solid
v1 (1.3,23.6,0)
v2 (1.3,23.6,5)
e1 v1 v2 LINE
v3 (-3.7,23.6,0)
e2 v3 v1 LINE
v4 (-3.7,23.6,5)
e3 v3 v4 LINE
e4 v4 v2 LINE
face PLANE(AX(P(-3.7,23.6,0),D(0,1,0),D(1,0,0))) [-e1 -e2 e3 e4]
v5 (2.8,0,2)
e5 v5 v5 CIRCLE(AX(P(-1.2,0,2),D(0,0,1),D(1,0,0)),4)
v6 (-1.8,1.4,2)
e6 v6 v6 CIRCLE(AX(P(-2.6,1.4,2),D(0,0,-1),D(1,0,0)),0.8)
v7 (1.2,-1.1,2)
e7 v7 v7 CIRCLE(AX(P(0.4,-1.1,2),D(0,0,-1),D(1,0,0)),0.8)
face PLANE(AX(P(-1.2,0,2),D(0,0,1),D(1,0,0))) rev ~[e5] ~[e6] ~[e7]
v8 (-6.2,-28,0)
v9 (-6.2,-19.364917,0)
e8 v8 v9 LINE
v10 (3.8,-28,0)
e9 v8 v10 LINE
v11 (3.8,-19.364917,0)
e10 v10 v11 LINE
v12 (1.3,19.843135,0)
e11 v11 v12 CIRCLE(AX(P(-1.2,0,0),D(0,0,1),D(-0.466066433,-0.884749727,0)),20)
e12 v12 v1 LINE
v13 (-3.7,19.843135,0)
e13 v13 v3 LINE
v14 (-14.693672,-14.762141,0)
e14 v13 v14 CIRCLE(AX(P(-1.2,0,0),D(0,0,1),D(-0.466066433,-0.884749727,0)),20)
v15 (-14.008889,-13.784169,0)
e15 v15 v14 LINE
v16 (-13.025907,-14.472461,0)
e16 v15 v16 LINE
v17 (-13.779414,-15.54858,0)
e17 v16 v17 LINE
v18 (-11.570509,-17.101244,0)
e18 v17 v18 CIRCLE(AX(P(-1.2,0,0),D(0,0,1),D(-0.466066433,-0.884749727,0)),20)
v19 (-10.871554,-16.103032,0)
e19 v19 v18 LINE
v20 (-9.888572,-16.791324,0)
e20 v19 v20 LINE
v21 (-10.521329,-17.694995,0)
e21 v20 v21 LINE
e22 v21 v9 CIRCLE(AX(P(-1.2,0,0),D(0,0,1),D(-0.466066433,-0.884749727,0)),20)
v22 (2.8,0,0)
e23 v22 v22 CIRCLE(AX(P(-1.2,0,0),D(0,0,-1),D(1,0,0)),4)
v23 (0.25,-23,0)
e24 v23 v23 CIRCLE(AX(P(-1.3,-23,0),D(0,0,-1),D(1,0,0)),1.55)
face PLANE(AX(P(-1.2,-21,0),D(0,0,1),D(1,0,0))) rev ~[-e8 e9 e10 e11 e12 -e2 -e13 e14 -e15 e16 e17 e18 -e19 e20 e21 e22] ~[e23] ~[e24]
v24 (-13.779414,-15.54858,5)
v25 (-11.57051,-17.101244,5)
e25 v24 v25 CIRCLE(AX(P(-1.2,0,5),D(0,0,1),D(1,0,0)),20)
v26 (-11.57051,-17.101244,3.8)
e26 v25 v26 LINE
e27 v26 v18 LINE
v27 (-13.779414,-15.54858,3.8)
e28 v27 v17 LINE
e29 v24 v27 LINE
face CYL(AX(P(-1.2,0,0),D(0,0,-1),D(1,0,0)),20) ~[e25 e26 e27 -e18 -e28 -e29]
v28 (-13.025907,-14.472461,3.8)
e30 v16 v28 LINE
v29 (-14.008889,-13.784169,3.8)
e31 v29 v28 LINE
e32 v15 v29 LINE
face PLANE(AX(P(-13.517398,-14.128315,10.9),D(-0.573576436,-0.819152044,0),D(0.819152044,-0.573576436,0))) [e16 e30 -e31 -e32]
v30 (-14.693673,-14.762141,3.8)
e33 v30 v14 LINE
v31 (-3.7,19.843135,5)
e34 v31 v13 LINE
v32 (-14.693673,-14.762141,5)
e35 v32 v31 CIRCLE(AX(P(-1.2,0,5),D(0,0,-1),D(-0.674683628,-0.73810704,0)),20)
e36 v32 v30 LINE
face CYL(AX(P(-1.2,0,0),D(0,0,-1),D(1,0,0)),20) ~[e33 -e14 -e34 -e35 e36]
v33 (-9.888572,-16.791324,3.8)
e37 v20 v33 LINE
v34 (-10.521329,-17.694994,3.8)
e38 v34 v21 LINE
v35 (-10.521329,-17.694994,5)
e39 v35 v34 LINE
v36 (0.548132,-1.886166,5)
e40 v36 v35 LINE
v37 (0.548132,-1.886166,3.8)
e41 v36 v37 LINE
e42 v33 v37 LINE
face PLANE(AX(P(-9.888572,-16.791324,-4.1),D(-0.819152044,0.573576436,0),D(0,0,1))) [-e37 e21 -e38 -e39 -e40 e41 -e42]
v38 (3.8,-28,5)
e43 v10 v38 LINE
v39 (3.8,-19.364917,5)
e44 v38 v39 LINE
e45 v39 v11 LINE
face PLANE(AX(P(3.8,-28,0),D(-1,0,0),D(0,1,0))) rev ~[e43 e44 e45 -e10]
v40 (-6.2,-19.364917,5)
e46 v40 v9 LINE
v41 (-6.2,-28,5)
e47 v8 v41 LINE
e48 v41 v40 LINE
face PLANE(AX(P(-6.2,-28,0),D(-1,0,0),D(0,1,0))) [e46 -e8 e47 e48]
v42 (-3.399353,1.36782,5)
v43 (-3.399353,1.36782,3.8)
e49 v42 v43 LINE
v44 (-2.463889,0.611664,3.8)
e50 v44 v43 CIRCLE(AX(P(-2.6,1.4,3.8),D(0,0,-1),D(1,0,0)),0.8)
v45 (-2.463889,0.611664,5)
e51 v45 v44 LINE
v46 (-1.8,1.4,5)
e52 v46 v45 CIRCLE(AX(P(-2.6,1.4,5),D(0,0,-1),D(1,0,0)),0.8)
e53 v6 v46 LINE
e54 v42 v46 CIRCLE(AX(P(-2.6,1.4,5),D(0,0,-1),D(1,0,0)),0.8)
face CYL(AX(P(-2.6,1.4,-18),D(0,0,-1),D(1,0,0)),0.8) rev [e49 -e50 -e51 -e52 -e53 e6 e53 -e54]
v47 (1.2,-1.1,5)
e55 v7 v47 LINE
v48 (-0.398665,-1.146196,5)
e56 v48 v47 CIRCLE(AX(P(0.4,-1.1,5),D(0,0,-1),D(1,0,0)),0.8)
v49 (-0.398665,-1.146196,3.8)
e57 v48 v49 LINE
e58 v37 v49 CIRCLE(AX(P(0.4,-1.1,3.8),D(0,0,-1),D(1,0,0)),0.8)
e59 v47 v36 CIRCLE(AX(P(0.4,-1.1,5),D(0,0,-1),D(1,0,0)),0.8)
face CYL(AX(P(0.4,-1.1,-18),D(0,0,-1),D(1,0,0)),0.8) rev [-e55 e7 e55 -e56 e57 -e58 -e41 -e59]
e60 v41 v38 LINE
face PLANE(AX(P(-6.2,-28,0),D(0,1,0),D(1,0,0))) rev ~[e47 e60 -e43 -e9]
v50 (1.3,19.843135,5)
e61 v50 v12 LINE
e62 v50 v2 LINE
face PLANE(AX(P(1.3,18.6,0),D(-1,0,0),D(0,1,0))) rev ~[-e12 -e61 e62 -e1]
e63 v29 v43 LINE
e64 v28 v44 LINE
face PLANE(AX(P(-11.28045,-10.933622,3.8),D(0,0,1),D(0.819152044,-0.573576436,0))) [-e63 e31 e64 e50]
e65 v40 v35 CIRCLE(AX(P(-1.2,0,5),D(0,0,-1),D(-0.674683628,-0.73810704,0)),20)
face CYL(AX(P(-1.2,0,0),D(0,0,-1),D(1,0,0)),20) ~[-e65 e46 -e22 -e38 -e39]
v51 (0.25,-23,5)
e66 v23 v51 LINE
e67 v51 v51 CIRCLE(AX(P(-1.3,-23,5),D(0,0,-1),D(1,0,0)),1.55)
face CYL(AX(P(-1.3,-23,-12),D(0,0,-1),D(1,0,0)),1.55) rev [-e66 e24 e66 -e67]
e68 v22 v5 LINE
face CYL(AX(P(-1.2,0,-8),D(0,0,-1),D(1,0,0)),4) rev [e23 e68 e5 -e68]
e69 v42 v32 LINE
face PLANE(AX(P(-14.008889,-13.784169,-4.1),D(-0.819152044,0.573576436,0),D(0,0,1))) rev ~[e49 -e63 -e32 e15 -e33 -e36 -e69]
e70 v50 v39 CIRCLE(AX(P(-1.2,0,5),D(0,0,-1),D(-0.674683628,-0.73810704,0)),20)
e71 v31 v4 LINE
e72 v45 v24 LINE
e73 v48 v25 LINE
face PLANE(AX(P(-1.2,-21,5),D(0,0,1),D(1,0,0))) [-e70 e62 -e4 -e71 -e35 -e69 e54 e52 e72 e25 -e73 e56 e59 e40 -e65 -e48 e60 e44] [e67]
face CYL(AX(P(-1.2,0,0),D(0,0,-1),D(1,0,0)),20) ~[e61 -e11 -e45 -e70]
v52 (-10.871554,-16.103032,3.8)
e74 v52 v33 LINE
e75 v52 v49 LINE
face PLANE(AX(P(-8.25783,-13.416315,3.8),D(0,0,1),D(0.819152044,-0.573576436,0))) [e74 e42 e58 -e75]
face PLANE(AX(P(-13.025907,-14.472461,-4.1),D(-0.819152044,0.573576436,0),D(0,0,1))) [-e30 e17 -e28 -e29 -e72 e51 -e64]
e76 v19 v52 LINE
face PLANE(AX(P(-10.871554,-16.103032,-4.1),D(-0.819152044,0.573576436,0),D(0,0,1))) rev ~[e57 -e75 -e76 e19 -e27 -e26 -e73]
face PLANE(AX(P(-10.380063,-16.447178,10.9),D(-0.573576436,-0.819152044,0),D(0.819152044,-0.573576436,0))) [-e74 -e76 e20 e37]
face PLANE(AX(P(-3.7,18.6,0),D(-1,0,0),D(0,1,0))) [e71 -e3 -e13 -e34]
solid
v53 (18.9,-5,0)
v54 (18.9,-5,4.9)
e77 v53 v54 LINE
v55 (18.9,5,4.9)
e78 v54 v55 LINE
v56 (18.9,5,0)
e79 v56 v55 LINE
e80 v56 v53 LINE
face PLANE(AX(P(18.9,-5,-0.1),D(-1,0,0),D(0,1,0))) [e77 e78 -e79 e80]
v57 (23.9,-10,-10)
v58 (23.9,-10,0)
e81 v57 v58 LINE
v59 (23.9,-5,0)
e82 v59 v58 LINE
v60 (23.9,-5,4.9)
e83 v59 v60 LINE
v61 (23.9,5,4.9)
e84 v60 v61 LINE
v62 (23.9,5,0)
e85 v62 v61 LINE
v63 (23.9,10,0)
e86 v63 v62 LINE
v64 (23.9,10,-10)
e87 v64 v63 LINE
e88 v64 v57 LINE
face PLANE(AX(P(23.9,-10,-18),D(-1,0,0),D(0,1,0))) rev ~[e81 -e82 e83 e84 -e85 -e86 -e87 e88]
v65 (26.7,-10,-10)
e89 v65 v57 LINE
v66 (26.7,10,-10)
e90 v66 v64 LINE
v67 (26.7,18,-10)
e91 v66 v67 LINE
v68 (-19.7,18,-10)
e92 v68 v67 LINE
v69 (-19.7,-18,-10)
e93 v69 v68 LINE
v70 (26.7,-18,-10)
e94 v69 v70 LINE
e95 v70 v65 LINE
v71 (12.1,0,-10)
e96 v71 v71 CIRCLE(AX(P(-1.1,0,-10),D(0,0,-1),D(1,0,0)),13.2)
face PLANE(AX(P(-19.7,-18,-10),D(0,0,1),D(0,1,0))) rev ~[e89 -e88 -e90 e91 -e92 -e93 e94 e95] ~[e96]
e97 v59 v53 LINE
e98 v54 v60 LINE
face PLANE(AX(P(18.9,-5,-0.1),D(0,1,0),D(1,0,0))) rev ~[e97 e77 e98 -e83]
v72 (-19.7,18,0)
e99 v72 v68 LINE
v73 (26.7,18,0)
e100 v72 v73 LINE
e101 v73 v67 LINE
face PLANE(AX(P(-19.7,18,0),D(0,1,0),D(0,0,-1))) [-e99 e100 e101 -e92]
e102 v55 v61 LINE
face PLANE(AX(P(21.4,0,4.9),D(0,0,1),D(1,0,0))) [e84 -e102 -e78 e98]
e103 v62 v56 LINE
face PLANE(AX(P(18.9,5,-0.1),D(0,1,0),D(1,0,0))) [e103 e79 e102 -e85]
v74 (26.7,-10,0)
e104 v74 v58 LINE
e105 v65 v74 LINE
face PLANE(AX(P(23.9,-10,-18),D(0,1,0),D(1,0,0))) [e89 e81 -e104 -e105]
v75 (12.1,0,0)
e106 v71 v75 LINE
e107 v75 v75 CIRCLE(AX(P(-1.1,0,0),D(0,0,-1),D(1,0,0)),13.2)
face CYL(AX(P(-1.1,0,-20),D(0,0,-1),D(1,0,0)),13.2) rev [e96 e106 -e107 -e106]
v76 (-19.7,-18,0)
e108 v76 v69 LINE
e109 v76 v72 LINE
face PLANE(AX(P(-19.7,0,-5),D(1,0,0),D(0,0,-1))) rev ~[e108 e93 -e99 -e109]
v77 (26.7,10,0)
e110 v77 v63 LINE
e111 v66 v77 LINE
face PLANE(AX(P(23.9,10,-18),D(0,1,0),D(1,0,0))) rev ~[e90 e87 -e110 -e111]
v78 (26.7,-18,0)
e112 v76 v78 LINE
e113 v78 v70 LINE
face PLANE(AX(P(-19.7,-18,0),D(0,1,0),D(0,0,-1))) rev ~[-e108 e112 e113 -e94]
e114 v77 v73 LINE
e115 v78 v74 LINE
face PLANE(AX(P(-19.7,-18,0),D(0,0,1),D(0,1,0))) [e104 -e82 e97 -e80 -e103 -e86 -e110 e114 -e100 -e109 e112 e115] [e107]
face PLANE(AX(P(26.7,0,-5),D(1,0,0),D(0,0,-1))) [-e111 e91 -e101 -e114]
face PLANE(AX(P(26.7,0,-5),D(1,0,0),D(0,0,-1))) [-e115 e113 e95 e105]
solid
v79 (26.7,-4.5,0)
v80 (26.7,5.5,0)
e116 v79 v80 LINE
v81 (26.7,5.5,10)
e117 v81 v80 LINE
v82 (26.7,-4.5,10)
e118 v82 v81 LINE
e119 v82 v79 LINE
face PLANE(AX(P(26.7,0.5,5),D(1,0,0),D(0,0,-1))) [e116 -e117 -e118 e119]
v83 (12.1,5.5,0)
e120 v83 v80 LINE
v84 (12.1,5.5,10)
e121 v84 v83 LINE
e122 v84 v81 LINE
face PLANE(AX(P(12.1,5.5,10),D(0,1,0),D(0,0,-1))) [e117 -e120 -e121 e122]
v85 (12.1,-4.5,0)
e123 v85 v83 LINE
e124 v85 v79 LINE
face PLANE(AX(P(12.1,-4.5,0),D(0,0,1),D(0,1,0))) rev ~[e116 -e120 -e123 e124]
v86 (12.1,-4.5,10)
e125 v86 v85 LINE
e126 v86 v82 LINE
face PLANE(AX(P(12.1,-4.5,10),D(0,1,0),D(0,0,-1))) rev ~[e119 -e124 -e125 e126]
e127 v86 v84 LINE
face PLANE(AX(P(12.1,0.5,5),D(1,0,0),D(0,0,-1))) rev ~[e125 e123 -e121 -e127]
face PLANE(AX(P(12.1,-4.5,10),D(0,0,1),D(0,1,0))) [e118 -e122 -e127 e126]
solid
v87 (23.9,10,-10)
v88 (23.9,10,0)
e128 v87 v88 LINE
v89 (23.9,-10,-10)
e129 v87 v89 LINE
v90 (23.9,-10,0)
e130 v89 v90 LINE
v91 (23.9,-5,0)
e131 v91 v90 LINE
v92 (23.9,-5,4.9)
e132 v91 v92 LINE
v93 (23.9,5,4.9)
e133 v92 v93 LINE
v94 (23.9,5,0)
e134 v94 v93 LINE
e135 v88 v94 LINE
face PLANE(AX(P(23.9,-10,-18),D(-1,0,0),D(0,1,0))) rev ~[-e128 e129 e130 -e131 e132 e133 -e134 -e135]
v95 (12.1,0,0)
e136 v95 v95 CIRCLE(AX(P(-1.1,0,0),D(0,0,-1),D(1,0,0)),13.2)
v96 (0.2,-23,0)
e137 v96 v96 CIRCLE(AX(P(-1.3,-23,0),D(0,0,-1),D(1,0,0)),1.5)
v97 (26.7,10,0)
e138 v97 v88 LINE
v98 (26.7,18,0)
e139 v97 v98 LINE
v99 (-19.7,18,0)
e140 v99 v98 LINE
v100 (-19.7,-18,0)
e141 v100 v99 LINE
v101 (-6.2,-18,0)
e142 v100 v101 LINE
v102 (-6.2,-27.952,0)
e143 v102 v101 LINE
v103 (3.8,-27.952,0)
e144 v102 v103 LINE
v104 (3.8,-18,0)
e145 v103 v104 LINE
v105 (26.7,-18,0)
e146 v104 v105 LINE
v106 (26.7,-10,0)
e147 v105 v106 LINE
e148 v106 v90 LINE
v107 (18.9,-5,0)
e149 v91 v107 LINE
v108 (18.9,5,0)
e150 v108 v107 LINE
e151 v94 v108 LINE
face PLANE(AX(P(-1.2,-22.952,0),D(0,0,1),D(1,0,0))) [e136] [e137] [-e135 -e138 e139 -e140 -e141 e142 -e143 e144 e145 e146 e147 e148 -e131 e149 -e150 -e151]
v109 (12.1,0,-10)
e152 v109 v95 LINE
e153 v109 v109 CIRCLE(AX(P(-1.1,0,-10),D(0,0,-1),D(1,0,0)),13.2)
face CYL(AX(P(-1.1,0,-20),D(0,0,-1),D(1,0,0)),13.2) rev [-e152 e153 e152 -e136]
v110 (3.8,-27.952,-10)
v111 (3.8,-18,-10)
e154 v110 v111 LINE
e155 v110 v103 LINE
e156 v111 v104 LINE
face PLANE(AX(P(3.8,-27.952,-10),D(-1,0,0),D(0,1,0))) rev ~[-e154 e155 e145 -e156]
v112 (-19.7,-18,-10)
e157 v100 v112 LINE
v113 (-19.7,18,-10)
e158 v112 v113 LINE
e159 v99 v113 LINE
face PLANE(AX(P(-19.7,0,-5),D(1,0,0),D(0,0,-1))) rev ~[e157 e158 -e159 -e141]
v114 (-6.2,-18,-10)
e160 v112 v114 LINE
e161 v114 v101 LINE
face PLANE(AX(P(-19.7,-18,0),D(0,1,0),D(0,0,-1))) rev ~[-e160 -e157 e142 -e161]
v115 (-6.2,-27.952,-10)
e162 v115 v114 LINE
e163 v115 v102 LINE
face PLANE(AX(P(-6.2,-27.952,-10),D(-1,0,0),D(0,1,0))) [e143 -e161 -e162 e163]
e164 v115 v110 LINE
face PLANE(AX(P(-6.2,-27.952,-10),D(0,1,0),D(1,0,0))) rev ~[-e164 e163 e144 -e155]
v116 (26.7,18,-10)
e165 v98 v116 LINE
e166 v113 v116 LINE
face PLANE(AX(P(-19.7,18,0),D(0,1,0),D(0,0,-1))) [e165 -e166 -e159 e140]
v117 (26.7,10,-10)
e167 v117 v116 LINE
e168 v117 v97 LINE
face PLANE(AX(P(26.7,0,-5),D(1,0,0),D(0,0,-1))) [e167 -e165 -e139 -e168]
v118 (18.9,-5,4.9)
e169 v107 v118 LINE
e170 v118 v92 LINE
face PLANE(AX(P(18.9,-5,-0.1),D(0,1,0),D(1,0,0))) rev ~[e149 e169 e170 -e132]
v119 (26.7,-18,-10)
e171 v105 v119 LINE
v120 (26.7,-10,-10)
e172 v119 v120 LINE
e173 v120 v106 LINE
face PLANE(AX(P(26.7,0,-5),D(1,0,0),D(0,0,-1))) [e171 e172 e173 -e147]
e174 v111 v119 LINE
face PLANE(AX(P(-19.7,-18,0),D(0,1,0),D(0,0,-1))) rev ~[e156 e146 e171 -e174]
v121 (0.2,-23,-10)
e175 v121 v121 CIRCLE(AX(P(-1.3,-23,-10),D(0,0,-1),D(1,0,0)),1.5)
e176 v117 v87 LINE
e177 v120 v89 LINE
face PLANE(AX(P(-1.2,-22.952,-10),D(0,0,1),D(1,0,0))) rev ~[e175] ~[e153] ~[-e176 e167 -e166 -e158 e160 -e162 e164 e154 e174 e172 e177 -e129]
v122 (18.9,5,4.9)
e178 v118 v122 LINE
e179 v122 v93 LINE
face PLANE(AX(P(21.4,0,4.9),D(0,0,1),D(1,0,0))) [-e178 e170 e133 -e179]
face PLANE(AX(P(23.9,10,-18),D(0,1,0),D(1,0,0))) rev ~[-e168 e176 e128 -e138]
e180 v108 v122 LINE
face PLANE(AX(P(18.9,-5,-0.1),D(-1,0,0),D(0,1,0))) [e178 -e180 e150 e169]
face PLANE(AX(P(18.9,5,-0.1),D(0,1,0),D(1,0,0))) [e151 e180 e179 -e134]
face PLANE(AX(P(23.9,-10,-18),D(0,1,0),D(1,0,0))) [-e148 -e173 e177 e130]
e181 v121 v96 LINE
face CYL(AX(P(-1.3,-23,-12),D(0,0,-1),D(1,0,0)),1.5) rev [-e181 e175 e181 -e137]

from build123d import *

# Parameters (mm, degrees)
BOX001_W               = 10
BOX001_H               = 10
BOX001_DEPTH           = 14.6
BOX004_W               = 5
BOX004_H               = 10
BOX004_DEPTH           = 5
BOX005_W               = 10
BOX005_H               = 20
BOX005_DEPTH           = 20
CYLINDER_R             = 13.2
CYLINDER_DEPTH         = 40
BOX_W                  = 10
BOX_H                  = 36
BOX_DEPTH              = 46.4
BOX006_W               = 5
BOX006_H               = 5
BOX006_DEPTH           = 5
CYLINDER003_R          = 1.55
CYLINDER003_DEPTH      = 50
BOX003_W               = 10
BOX003_H               = 14
BOX003_DEPTH           = 5
BOX010_W               = 1.2
BOX010_H               = 30
BOX010_DEPTH           = 10
BOX010_ROLL_ANGLE      = 90
BOX010_PLACEMENT_ANGLE = -35
BOX009_W               = 1.2
BOX009_H               = 30
BOX009_DEPTH           = 10
BOX009_ROLL_ANGLE      = 90
BOX009_PLACEMENT_ANGLE = -35
BOX008_W               = 1.2
BOX008_H               = 30
BOX008_DEPTH           = 10
BOX008_PLACEMENT_ANGLE = 325
BOX007_W               = 1.2
BOX007_H               = 30
BOX007_DEPTH           = 10
BOX007_PLACEMENT_ANGLE = 325
CYLINDER006_R          = 0.8
CYLINDER006_DEPTH      = 30
CYLINDER005_R          = 0.8
CYLINDER005_DEPTH      = 30
CYLINDER004_R          = 4
CYLINDER004_DEPTH      = 10
CYLINDER002_R          = 20
CYLINDER002_DEPTH      = 5
CYLINDER001_R          = 1.5
CYLINDER001_DEPTH      = 30
BOX002_W               = 10
BOX002_H               = 10
BOX002_DEPTH           = 10


with BuildPart() as cube001:
    # Box001 → Box001 (new body)
    with BuildSketch(Plane(origin=(12.1, -4.5, 10), x_dir=(0, 0, -1), z_dir=(1, 0, 0))):
        with Locations((5, 5)):
            Rectangle(BOX001_W, BOX001_H)
    extrude(amount=BOX001_DEPTH)


with BuildPart() as swivelstop:
    # Box004 → Box004 (new body)
    with BuildSketch(Plane(origin=(18.9, -5, -0.1), x_dir=(1, 0, 0), z_dir=(0, 0, 1))):
        with Locations((2.5, 5)):
            Rectangle(BOX004_W, BOX004_H)
    extrude(amount=BOX004_DEPTH)


with BuildPart() as footcutout:
    # Box005 → Box005 (new body)
    with BuildSketch(Plane(origin=(23.9, -10, -18), x_dir=(1, 0, 0), z_dir=(0, 0, 1))):
        with Locations((5, 10)):
            Rectangle(BOX005_W, BOX005_H)
    extrude(amount=BOX005_DEPTH)


with BuildPart() as cardboardbarrelholder:
    # Cylinder → Cylinder (new body)
    with BuildSketch(Plane(origin=(-1.1, 0, -20), x_dir=(1, 0, 0), z_dir=(0, 0, 1))):
        Circle(CYLINDER_R)
    extrude(amount=CYLINDER_DEPTH)


with BuildPart() as mainpiece1:
    # Box → Box (new body)
    with BuildSketch(Plane(origin=(-19.7, -18, 0), x_dir=(0, 0, -1), z_dir=(1, 0, 0))):
        with Locations((5, 18)):
            Rectangle(BOX_W, BOX_H)
    extrude(amount=BOX_DEPTH)

    # Cut: cut cardboardBarrelHolder
    add(cardboardbarrelholder.part, mode=Mode.SUBTRACT)

    # Cut001: cut footCutout
    add(footcutout.part, mode=Mode.SUBTRACT)


with BuildPart() as don_tusemainpiece3:
    # Fusion002 base: copy of mainPiece1
    add(mainpiece1.part)

    # Fusion002: union swivelStop
    add(swivelstop.part)


with BuildPart() as shuttermovetab:
    # Box006 → Box006 (new body)
    with BuildSketch(Plane(origin=(-3.7, 18.6, 0), x_dir=(1, 0, 0), z_dir=(0, 0, 1))):
        with Locations((2.5, 2.5)):
            Rectangle(BOX006_W, BOX006_H)
    extrude(amount=BOX006_DEPTH)


with BuildPart() as shuttertabhole:
    # Cylinder003 → Cylinder003 (new body)
    with BuildSketch(Plane(origin=(-1.3, -23, -12), x_dir=(1, 0, 0), z_dir=(0, 0, 1))):
        Circle(CYLINDER003_R)
    extrude(amount=CYLINDER003_DEPTH)


with BuildPart() as shutterhingetab001:
    # Box003 → Box003 (new body)
    with BuildSketch(Plane(origin=(-6.2, -28, 0), x_dir=(1, 0, 0), z_dir=(0, 0, 1))):
        with Locations((5, 7)):
            Rectangle(BOX003_W, BOX003_H)
    extrude(amount=BOX003_DEPTH)

    # Cut009: cut shutterTabHole
    add(shuttertabhole.part, mode=Mode.SUBTRACT)


with BuildPart() as radialtransit4:
    # Box010 → Box010 (new body)
    with BuildSketch(Plane.XY):
        with Locations((0.6, 15)):
            Rectangle(BOX010_W, BOX010_H)
    extrude(amount=BOX010_DEPTH)


with BuildPart() as radialtransit4_1:
    # Box010 roll: moved
    add(radialtransit4.part.rotate(Axis((0, 0, 0), (1, 0, 0)), BOX010_ROLL_ANGLE))


with BuildPart() as radialtransit4_2:
    # Box010 placement: moved
    add(radialtransit4_1.part.moved(Location((-14.008889, -13.784169, -4.1))).rotate(Axis((-14.008889, -13.784169, -4.1), (0, 0, 1)), BOX010_PLACEMENT_ANGLE))


with BuildPart() as radialtransit3:
    # Box009 → Box009 (new body)
    with BuildSketch(Plane.XY):
        with Locations((0.6, 15)):
            Rectangle(BOX009_W, BOX009_H)
    extrude(amount=BOX009_DEPTH)


with BuildPart() as radialtransit3_1:
    # Box009 roll: moved
    add(radialtransit3.part.rotate(Axis((0, 0, 0), (1, 0, 0)), BOX009_ROLL_ANGLE))


with BuildPart() as radialtransit3_2:
    # Box009 placement: moved
    add(radialtransit3_1.part.moved(Location((-10.871554, -16.103032, -4.1))).rotate(Axis((-10.871554, -16.103032, -4.1), (0, 0, 1)), BOX009_PLACEMENT_ANGLE))


with BuildPart() as radialtransit2:
    # Box008 → Box008 (new body)
    with BuildSketch(Plane.XY):
        with Locations((0.6, 15)):
            Rectangle(BOX008_W, BOX008_H)
    extrude(amount=BOX008_DEPTH)


with BuildPart() as radialtransit2_1:
    # Box008 placement: moved
    add(radialtransit2.part.moved(Location((-20.375588, -22.876757, 3.8))).rotate(Axis((-20.375588, -22.876757, 3.8), (0, 0, 1)), BOX008_PLACEMENT_ANGLE))


with BuildPart() as radialtransit1:
    # Box007 → Box007 (new body)
    with BuildSketch(Plane.XY):
        with Locations((0.6, 15)):
            Rectangle(BOX007_W, BOX007_H)
    extrude(amount=BOX007_DEPTH)


with BuildPart() as radialtransit1_1:
    # Box007 placement: moved
    add(radialtransit1.part.moved(Location((-17.352968, -25.35945, 3.8))).rotate(Axis((-17.352968, -25.35945, 3.8), (0, 0, 1)), BOX007_PLACEMENT_ANGLE))


with BuildPart() as cdswire2:
    # Cylinder006 → Cylinder006 (new body)
    with BuildSketch(Plane(origin=(-2.6, 1.4, -18), x_dir=(1, 0, 0), z_dir=(0, 0, 1))):
        Circle(CYLINDER006_R)
    extrude(amount=CYLINDER006_DEPTH)


with BuildPart() as cdswire1:
    # Cylinder005 → Cylinder005 (new body)
    with BuildSketch(Plane(origin=(0.4, -1.1, -18), x_dir=(1, 0, 0), z_dir=(0, 0, 1))):
        Circle(CYLINDER005_R)
    extrude(amount=CYLINDER005_DEPTH)


with BuildPart() as cdsdivot:
    # Cylinder004 → Cylinder004 (new body)
    with BuildSketch(Plane(origin=(-1.2, 0, -8), x_dir=(1, 0, 0), z_dir=(0, 0, 1))):
        Circle(CYLINDER004_R)
    extrude(amount=CYLINDER004_DEPTH)


with BuildPart() as shutter4:
    # Cylinder002 → Cylinder002 (new body)
    with BuildSketch(Plane(origin=(-1.2, 0, 0), x_dir=(1, 0, 0), z_dir=(0, 0, 1))):
        Circle(CYLINDER002_R)
    extrude(amount=CYLINDER002_DEPTH)

    # Cut002: cut CdSDivot
    add(cdsdivot.part, mode=Mode.SUBTRACT)

    # Cut003: cut CdSWire1
    add(cdswire1.part, mode=Mode.SUBTRACT)

    # Cut004: cut CdsWire2
    add(cdswire2.part, mode=Mode.SUBTRACT)

    # Cut005: cut radialTransit1
    add(radialtransit1_1.part, mode=Mode.SUBTRACT)

    # Cut006: cut radialTransit2
    add(radialtransit2_1.part, mode=Mode.SUBTRACT)

    # Cut007: cut radialTransit3
    add(radialtransit3_2.part, mode=Mode.SUBTRACT)

    # Cut008: cut radialTransit4
    add(radialtransit4_2.part, mode=Mode.SUBTRACT)

    # Fusion001: union shutterHingeTab001
    add(shutterhingetab001.part)

    # Fusion003: union shutterMoveTab
    add(shuttermovetab.part)


with BuildPart() as hingetabhole:
    # Cylinder001 → Cylinder001 (new body)
    with BuildSketch(Plane(origin=(-1.3, -23, -12), x_dir=(1, 0, 0), z_dir=(0, 0, 1))):
        Circle(CYLINDER001_R)
    extrude(amount=CYLINDER001_DEPTH)


with BuildPart() as mainpiecehingetab:
    # Box002 → Box002 (new body)
    with BuildSketch(Plane(origin=(-6.2, -27.952, -10), x_dir=(1, 0, 0), z_dir=(0, 0, 1))):
        with Locations((5, 5)):
            Rectangle(BOX002_W, BOX002_H)
    extrude(amount=BOX002_DEPTH)

    # Cut010: cut hingeTabHole
    add(hingetabhole.part, mode=Mode.SUBTRACT)


with BuildPart() as mainpiece10:
    # Fusion base: copy of mainPiece1
    add(mainpiece1.part)

    # Fusion: union mainPieceHingeTab
    add(mainpiecehingetab.part)

    # Fusion004: union swivelStop
    add(swivelstop.part)


solid = Compound([cube001.part, don_tusemainpiece3.part, shutter4.part, mainpiece10.part])
